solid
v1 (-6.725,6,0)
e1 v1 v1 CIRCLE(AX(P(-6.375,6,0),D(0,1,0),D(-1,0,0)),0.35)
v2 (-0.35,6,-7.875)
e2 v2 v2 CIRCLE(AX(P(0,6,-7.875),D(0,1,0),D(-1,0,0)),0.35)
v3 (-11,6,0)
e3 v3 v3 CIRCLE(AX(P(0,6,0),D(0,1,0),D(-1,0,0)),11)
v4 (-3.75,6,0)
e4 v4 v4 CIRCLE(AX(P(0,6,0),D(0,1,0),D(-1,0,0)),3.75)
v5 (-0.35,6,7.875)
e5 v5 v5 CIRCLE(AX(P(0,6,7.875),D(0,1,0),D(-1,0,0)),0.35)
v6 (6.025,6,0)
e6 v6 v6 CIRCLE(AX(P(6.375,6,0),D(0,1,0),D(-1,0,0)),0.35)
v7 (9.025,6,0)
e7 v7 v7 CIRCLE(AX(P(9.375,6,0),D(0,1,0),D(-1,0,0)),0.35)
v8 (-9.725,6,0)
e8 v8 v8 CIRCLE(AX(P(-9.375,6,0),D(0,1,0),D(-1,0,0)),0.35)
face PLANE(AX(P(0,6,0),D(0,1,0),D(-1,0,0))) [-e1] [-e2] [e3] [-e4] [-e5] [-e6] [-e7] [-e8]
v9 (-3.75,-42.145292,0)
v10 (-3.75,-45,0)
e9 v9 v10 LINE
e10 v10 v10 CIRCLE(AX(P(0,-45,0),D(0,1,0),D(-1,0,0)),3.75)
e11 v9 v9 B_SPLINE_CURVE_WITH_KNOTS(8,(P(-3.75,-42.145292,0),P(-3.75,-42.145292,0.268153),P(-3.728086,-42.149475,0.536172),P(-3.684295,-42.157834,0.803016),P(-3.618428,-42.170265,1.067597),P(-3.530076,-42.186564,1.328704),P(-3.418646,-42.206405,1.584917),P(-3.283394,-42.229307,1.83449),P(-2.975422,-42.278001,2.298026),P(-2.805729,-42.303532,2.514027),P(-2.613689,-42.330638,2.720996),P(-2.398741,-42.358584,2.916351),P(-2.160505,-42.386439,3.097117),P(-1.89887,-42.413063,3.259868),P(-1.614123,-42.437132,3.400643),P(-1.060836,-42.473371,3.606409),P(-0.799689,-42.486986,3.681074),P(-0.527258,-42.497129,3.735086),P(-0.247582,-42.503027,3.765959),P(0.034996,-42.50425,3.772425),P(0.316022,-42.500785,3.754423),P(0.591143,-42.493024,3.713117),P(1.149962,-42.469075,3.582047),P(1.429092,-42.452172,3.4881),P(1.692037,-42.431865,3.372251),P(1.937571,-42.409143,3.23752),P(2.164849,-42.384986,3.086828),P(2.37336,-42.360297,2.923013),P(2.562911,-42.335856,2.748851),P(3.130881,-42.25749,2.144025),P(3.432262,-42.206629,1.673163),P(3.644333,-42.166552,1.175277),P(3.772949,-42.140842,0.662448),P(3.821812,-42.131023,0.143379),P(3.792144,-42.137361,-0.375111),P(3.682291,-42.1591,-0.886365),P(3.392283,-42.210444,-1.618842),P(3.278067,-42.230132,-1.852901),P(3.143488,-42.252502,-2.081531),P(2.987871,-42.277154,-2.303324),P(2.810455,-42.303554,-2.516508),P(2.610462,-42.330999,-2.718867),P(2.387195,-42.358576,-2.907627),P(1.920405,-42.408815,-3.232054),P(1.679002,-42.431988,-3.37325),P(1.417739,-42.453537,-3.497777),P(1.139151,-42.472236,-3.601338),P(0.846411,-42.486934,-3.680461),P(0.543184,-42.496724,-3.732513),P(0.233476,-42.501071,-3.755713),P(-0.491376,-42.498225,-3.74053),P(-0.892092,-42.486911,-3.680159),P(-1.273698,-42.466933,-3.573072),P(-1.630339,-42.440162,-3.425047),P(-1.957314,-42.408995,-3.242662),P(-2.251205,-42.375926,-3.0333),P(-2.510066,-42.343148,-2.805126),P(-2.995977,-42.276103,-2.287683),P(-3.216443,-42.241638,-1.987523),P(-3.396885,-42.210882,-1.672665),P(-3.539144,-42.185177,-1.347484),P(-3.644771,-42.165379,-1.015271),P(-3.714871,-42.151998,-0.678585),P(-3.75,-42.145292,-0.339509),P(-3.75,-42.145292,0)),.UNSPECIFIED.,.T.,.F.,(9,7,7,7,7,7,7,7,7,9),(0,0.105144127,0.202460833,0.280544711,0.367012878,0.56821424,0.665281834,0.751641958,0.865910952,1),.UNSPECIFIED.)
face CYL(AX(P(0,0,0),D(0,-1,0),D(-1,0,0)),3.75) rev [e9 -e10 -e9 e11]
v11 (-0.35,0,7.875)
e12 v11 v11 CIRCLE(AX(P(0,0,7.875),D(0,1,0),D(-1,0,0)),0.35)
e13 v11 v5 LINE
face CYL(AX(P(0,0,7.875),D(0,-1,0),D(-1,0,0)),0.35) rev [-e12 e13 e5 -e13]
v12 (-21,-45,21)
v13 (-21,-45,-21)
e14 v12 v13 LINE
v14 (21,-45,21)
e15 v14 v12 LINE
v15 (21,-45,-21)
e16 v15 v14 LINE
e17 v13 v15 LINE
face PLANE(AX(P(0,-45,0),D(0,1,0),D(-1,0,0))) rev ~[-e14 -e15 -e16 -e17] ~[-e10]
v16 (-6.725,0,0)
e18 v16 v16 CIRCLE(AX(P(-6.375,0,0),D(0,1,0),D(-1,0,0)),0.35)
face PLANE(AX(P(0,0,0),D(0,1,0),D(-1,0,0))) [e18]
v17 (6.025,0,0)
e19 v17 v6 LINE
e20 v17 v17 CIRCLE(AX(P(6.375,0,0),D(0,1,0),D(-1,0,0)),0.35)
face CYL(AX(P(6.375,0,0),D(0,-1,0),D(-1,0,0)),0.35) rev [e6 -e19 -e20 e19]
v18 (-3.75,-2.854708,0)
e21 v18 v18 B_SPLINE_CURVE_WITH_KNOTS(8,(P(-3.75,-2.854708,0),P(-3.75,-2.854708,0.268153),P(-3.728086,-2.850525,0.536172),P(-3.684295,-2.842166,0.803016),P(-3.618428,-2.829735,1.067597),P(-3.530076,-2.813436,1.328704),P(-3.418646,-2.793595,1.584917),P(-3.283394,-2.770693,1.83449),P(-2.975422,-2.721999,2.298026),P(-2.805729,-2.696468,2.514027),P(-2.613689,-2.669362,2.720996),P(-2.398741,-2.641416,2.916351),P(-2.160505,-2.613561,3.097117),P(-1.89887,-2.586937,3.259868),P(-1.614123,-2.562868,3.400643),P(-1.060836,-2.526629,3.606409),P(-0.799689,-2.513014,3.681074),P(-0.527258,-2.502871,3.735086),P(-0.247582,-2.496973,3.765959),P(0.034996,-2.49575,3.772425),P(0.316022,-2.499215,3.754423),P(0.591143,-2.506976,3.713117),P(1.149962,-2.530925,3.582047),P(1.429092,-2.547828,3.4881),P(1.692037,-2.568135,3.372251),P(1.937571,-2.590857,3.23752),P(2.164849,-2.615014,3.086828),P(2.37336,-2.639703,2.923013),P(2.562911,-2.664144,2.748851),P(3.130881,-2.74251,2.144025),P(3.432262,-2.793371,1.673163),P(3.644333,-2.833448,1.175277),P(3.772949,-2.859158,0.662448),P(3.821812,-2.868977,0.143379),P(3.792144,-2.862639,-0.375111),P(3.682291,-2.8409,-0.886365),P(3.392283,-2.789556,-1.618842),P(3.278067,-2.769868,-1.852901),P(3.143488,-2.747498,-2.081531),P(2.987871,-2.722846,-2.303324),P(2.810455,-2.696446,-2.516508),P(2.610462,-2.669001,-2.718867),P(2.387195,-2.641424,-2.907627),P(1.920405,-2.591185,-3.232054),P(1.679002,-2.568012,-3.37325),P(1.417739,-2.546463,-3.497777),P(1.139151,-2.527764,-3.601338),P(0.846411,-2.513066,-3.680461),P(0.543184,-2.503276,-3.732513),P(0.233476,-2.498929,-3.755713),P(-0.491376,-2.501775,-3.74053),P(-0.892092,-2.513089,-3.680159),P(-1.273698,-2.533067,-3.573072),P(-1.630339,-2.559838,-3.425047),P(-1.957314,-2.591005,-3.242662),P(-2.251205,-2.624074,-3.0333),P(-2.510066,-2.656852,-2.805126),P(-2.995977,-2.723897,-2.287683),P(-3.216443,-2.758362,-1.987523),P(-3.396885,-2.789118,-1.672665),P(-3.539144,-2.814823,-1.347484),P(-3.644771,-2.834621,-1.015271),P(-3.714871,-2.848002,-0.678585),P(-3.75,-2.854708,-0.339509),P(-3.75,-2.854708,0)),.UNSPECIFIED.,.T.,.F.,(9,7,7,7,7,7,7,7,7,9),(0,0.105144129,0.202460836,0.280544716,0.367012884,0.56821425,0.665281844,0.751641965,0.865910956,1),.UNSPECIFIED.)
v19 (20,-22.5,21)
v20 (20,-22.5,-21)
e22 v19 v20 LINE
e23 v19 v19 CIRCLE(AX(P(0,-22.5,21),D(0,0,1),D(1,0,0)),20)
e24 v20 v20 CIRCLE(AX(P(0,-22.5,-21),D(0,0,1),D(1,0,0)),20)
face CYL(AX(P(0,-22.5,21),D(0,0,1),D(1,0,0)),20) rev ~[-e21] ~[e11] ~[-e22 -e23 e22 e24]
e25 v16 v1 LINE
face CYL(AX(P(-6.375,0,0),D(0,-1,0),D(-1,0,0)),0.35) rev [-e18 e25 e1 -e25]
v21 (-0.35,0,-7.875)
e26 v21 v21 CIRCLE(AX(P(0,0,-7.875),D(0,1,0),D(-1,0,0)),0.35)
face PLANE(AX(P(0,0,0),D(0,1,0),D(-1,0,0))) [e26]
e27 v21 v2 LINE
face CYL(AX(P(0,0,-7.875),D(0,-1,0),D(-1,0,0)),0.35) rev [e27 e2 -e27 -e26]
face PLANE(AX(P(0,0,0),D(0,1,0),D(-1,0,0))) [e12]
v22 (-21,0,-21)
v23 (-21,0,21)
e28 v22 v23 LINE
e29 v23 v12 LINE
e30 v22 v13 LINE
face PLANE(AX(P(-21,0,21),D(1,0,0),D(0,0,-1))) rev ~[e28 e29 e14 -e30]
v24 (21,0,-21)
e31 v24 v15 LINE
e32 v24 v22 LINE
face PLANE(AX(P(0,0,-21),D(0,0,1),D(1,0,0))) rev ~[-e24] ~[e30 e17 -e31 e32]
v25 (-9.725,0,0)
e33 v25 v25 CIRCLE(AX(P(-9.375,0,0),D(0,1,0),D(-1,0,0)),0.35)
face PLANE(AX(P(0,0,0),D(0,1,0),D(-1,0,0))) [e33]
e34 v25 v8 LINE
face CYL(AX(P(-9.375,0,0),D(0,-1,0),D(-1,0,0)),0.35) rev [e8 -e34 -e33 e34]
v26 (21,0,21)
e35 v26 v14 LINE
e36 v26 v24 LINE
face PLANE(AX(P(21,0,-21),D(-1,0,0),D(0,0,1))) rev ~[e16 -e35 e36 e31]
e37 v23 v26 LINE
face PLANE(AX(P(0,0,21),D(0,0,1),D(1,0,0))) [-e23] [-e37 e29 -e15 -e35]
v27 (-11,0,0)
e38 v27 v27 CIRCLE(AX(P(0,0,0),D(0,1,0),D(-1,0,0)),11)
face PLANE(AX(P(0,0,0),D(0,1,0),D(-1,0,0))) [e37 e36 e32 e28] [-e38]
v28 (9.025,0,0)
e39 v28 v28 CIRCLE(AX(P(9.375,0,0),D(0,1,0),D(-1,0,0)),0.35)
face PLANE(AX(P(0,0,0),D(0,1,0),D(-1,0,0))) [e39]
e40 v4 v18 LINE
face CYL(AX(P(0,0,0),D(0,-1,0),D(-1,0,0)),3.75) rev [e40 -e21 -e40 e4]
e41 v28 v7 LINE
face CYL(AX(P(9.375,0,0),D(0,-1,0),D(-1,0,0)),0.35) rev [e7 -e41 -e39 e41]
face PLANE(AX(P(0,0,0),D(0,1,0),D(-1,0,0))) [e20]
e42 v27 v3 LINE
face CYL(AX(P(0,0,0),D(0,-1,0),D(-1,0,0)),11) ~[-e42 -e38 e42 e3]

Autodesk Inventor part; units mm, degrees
ref_plane "YZ Plane" through (0, 0, 0) normal (1, 0, 0) x (0, 1, 0)
ref_plane "XZ Plane" through (0, 0, 0) normal (0, 1, 0) x (-1, 0, 0)
ref_plane "XY Plane" through (0, 0, 0) normal (0, 0, 1) x (1, 0, 0)
sketch "Sketch1" plane through (0, 0, 0) normal (0, 1, 0) x (-1, 0, 0)
  circle A0 centre (0, 0) radius 11
  circle A1 centre (0, 0) radius 3
  circle A2 centre (0, 0) radius 3.75
  circle A3 centre (0, 0) radius 6.375 construction
  circle A4 centre (0, 0) radius 9.375 construction
  circle A5 centre (0, 0) radius 7.875 construction
  circle A6 centre (0, -7.875) radius 0.35
  circle A7 centre (6.375, 0) radius 0.35
  circle A8 centre (9.375, 0) radius 0.35
  line L0 (16.292, 0) -> (-19, 0) construction
  line L1 (0, 21) -> (0, -27.3544) construction
  circle A9 centre (0, 7.875) radius 0.35
  circle A10 centre (-6.375, 0) radius 0.35
  circle A11 centre (-9.375, 0) radius 0.35
  line L2 (0, -21) -> (21, -21)
  line L3 (21, -21) -> (21, 0)
  line L4 (0, 21) -> (21, 21)
  line L5 (21, 21) -> (21, 0)
  line L6 (0, -21) -> (-21, -21)
  line L7 (-21, -21) -> (-21, 0)
  line L8 (-21, 21) -> (-21, 0)
  line L9 (0, 21) -> (-21, 21)
  dimension "d6" = 12.75
  dimension "d7" = 18.75
  dimension "d8" = 15.75
  dimension "d2" = 7.5
  dimension "d4" = 22
  dimension "d5" = 6
  dimension "d9" = 0.7
  dimension "d13" = 0.7
  dimension "d14" = 0.7
  dimension "d17" = 21
  dimension "d18" = 21
extrude "Extrusion1" add sketch "Sketch1" against normal blind 45 contours A0 | A6 | A7 | A8 | A9 | A10 | A11 | L6 L7 L8 L9 L4 L5 L3 L2
extrude "Extrusion2" add sketch "Sketch1" along normal blind 6 contours A0
sketch "Sketch2" plane through (-21, 0, 21) normal (0, 0, 1) x (1, 0, 0)
  line L0 (42, 0) -> (0, 0) construction
  line L1 (42, 0) -> (42, -45) construction
  line L2 (42, -45) -> (0, -45) construction
  line L3 (0, 0) -> (0, -45) construction
  line L4 (42, -45) -> (0, -45) construction
  line L5 (0, 0) -> (0, -45) construction
  line L6 (42, 0) -> (0, -45) construction
  line L7 (42, -45) -> (0, 0) construction
  circle A0 centre (21, -22.5) radius 20
  point P0 (21, 0)
  dimension "d23" = 40
extrude "Extrusion3" cut sketch "Sketch2" against normal blind 45
equation "\"d13\" = d9"
equation "\"d14\" = d9"
equation "\"d18\" = d17"
properties part number "engine_connector_sleeve"
